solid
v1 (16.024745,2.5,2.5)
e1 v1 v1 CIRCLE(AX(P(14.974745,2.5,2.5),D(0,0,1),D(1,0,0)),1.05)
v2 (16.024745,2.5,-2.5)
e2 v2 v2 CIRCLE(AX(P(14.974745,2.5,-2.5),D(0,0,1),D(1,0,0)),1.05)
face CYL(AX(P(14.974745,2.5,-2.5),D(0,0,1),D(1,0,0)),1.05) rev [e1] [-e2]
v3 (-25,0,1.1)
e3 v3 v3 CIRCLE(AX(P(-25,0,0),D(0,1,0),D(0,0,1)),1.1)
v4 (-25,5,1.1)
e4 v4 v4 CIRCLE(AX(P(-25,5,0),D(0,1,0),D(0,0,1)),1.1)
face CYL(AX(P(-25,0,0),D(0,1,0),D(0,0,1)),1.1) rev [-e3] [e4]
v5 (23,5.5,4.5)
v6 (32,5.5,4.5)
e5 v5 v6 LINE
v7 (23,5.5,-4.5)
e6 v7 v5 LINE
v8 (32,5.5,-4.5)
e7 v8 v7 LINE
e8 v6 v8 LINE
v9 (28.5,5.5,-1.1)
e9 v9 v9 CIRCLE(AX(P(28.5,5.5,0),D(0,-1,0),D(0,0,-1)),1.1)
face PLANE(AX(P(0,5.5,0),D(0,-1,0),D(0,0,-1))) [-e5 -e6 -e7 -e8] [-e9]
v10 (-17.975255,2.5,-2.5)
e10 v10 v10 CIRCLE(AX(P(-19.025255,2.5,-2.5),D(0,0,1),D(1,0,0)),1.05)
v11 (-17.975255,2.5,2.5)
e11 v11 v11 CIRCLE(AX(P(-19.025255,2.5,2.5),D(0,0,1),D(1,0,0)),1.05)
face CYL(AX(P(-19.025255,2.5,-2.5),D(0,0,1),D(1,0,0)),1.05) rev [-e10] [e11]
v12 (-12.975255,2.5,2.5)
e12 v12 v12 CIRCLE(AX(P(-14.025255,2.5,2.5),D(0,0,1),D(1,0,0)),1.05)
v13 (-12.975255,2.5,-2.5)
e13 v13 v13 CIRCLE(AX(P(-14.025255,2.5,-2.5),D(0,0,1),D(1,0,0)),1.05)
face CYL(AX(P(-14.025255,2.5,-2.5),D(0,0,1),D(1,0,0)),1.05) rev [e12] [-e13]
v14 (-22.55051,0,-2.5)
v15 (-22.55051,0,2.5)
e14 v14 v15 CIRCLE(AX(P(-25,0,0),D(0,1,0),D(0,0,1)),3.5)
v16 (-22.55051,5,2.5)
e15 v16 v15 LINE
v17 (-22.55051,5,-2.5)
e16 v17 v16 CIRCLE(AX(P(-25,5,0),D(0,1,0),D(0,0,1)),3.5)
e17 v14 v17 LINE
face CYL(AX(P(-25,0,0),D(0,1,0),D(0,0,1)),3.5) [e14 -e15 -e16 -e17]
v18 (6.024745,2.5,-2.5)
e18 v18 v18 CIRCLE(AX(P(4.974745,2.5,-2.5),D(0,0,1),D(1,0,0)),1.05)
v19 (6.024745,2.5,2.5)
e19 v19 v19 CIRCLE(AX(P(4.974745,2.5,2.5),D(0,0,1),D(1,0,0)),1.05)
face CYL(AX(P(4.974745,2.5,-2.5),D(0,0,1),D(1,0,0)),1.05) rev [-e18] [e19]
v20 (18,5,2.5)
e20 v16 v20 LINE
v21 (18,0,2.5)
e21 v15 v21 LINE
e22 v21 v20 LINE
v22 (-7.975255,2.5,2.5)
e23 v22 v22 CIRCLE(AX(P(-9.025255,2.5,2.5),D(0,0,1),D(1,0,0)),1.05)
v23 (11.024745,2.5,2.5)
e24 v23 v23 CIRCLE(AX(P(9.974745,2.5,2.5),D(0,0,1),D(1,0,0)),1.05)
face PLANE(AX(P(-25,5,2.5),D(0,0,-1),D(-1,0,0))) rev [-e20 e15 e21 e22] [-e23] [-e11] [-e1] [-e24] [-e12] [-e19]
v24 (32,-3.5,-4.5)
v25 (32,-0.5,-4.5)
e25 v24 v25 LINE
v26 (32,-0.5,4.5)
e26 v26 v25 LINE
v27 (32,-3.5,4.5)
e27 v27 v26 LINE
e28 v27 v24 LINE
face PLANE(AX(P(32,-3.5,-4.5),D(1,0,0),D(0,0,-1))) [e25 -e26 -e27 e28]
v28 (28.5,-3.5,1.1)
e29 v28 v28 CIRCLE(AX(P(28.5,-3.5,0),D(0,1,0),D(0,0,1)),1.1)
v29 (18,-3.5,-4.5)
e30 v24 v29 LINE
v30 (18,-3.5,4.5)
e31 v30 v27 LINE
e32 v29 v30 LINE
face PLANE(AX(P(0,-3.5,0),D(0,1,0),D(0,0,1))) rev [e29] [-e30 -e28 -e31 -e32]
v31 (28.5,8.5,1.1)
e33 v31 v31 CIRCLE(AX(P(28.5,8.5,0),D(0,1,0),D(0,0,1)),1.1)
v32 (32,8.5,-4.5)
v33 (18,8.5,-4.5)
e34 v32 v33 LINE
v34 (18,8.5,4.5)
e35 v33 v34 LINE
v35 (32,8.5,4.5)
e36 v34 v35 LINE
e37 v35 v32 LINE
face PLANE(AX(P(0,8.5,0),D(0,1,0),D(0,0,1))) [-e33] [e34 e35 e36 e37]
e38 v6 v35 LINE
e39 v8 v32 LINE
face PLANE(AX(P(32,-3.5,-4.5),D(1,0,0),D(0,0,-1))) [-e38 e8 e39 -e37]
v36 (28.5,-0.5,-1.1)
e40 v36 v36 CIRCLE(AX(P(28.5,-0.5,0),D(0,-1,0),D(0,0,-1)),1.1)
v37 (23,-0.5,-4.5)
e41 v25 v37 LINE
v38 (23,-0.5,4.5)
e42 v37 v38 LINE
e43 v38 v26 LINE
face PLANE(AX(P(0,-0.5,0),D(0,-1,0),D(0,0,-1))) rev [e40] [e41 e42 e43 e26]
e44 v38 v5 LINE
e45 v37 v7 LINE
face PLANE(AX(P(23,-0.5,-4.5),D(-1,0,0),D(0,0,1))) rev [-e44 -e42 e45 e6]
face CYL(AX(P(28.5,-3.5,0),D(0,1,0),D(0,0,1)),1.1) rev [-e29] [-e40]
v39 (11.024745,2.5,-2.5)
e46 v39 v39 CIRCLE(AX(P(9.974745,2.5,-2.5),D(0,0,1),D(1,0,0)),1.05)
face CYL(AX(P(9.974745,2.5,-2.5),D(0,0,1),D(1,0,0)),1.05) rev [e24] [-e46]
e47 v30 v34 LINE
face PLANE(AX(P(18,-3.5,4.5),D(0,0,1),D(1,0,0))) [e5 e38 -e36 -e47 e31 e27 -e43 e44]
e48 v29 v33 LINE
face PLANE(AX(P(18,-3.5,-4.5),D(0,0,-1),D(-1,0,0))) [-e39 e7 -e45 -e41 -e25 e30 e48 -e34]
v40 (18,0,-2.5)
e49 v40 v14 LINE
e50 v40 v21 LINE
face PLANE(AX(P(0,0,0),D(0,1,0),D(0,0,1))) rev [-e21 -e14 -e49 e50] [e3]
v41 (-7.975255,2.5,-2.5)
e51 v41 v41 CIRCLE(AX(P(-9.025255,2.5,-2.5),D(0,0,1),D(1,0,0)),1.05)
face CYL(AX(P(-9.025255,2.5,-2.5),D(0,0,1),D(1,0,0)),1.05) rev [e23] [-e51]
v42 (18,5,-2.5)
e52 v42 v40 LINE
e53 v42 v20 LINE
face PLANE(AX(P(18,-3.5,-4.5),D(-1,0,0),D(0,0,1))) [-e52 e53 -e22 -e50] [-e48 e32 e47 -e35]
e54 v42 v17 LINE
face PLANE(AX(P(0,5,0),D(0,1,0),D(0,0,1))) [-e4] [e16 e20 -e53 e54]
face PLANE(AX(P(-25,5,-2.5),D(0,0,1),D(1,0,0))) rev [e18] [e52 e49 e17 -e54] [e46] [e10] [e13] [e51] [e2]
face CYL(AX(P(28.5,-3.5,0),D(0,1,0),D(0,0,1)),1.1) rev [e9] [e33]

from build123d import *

# Parameters (mm, degrees)
SKETCH1_W           = 50
SKETCH1_H           = 5
BOSS_EXTRUDE1_DEPTH = 5
BOSS_EXTRUDE4_START = 3.5
SKETCH7_W           = 14
SKETCH7_H           = 9
BOSS_EXTRUDE4_DEPTH = 12
CUT_EXTRUDE5_START  = -3
SKETCH9_W           = 9
SKETCH9_H           = 9
CUT_EXTRUDE5_DEPTH  = 6
SKETCH11_R          = 1.1
CUT_EXTRUDE6_DEPTH  = 12
SKETCH16_R          = 3.5
BOSS_EXTRUDE7_DEPTH = 5
SKETCH15_R          = 1.1
CUT_EXTRUDE9_DEPTH  = 5
SKETCH18_R          = 1.05
CUT_EXTRUDE10_DEPTH = 5


with BuildPart() as part:
    # Sketch1 → Boss-Extrude1 (new body)
    with BuildSketch(Plane(origin=(0, 0, 0), x_dir=(1, 0, 0), z_dir=(0, 1, 0))):
        Rectangle(SKETCH1_W, SKETCH1_H)
    extrude(amount=BOSS_EXTRUDE1_DEPTH)

    # Sketch7 → Boss-Extrude4 (add)
    with BuildSketch(Plane(origin=(0, 5, 0), x_dir=(1, 0, 0), z_dir=(0, 1, 0)).offset(BOSS_EXTRUDE4_START)):
        with Locations((25, 0)):
            Rectangle(SKETCH7_W, SKETCH7_H)
    extrude(amount=-BOSS_EXTRUDE4_DEPTH)

    # Sketch9 → Cut-Extrude5 (cut)
    with BuildSketch(Plane(origin=(0, 8.5, 0), x_dir=(1, 0, 0), z_dir=(0, 1, 0)).offset(CUT_EXTRUDE5_START)):
        with Locations((27.5, 0)):
            Rectangle(SKETCH9_W, SKETCH9_H)
    extrude(amount=-CUT_EXTRUDE5_DEPTH, mode=Mode.SUBTRACT)

    # Sketch11 → Cut-Extrude6 (cut)
    with BuildSketch(Plane(origin=(0, 8.5, 0), x_dir=(1, 0, 0), z_dir=(0, 1, 0))):
        with Locations(Location((28.5, 0, 0), (0, 0, 270))):
            Circle(SKETCH11_R)
    extrude(amount=-CUT_EXTRUDE6_DEPTH, mode=Mode.SUBTRACT)

    # Sketch16 → Boss-Extrude7 (add)
    with BuildSketch(Plane(origin=(0, 5, 0), x_dir=(1, 0, 0), z_dir=(0, 1, 0))):
        with Locations((-25, 0)):
            Circle(SKETCH16_R)
    extrude(amount=-BOSS_EXTRUDE7_DEPTH)

    # Sketch15 → Cut-Extrude9 (cut)
    with BuildSketch(Plane(origin=(0, 5, 0), x_dir=(1, 0, 0), z_dir=(0, 1, 0))):
        with Locations(Location((-25, 0, 0), (0, 0, 270))):
            Circle(SKETCH15_R)
    extrude(amount=-CUT_EXTRUDE9_DEPTH, mode=Mode.SUBTRACT)

    # Sketch18 → Cut-Extrude10 (cut)
    with BuildSketch(Plane.XY.offset(2.5)):
        with Locations((-14.025255129, 2.5)):
            Circle(SKETCH18_R)
        with Locations((9.974744871, 2.5)):
            Circle(SKETCH18_R)
        with Locations((-19.025255129, 2.5)):
            Circle(SKETCH18_R)
        with Locations((-9.025255129, 2.5)):
            Circle(SKETCH18_R)
        with Locations((4.974744871, 2.5)):
            Circle(SKETCH18_R)
        with Locations((14.974744871, 2.5)):
            Circle(SKETCH18_R)
    extrude(amount=-CUT_EXTRUDE10_DEPTH, mode=Mode.SUBTRACT)


solid = part.part
